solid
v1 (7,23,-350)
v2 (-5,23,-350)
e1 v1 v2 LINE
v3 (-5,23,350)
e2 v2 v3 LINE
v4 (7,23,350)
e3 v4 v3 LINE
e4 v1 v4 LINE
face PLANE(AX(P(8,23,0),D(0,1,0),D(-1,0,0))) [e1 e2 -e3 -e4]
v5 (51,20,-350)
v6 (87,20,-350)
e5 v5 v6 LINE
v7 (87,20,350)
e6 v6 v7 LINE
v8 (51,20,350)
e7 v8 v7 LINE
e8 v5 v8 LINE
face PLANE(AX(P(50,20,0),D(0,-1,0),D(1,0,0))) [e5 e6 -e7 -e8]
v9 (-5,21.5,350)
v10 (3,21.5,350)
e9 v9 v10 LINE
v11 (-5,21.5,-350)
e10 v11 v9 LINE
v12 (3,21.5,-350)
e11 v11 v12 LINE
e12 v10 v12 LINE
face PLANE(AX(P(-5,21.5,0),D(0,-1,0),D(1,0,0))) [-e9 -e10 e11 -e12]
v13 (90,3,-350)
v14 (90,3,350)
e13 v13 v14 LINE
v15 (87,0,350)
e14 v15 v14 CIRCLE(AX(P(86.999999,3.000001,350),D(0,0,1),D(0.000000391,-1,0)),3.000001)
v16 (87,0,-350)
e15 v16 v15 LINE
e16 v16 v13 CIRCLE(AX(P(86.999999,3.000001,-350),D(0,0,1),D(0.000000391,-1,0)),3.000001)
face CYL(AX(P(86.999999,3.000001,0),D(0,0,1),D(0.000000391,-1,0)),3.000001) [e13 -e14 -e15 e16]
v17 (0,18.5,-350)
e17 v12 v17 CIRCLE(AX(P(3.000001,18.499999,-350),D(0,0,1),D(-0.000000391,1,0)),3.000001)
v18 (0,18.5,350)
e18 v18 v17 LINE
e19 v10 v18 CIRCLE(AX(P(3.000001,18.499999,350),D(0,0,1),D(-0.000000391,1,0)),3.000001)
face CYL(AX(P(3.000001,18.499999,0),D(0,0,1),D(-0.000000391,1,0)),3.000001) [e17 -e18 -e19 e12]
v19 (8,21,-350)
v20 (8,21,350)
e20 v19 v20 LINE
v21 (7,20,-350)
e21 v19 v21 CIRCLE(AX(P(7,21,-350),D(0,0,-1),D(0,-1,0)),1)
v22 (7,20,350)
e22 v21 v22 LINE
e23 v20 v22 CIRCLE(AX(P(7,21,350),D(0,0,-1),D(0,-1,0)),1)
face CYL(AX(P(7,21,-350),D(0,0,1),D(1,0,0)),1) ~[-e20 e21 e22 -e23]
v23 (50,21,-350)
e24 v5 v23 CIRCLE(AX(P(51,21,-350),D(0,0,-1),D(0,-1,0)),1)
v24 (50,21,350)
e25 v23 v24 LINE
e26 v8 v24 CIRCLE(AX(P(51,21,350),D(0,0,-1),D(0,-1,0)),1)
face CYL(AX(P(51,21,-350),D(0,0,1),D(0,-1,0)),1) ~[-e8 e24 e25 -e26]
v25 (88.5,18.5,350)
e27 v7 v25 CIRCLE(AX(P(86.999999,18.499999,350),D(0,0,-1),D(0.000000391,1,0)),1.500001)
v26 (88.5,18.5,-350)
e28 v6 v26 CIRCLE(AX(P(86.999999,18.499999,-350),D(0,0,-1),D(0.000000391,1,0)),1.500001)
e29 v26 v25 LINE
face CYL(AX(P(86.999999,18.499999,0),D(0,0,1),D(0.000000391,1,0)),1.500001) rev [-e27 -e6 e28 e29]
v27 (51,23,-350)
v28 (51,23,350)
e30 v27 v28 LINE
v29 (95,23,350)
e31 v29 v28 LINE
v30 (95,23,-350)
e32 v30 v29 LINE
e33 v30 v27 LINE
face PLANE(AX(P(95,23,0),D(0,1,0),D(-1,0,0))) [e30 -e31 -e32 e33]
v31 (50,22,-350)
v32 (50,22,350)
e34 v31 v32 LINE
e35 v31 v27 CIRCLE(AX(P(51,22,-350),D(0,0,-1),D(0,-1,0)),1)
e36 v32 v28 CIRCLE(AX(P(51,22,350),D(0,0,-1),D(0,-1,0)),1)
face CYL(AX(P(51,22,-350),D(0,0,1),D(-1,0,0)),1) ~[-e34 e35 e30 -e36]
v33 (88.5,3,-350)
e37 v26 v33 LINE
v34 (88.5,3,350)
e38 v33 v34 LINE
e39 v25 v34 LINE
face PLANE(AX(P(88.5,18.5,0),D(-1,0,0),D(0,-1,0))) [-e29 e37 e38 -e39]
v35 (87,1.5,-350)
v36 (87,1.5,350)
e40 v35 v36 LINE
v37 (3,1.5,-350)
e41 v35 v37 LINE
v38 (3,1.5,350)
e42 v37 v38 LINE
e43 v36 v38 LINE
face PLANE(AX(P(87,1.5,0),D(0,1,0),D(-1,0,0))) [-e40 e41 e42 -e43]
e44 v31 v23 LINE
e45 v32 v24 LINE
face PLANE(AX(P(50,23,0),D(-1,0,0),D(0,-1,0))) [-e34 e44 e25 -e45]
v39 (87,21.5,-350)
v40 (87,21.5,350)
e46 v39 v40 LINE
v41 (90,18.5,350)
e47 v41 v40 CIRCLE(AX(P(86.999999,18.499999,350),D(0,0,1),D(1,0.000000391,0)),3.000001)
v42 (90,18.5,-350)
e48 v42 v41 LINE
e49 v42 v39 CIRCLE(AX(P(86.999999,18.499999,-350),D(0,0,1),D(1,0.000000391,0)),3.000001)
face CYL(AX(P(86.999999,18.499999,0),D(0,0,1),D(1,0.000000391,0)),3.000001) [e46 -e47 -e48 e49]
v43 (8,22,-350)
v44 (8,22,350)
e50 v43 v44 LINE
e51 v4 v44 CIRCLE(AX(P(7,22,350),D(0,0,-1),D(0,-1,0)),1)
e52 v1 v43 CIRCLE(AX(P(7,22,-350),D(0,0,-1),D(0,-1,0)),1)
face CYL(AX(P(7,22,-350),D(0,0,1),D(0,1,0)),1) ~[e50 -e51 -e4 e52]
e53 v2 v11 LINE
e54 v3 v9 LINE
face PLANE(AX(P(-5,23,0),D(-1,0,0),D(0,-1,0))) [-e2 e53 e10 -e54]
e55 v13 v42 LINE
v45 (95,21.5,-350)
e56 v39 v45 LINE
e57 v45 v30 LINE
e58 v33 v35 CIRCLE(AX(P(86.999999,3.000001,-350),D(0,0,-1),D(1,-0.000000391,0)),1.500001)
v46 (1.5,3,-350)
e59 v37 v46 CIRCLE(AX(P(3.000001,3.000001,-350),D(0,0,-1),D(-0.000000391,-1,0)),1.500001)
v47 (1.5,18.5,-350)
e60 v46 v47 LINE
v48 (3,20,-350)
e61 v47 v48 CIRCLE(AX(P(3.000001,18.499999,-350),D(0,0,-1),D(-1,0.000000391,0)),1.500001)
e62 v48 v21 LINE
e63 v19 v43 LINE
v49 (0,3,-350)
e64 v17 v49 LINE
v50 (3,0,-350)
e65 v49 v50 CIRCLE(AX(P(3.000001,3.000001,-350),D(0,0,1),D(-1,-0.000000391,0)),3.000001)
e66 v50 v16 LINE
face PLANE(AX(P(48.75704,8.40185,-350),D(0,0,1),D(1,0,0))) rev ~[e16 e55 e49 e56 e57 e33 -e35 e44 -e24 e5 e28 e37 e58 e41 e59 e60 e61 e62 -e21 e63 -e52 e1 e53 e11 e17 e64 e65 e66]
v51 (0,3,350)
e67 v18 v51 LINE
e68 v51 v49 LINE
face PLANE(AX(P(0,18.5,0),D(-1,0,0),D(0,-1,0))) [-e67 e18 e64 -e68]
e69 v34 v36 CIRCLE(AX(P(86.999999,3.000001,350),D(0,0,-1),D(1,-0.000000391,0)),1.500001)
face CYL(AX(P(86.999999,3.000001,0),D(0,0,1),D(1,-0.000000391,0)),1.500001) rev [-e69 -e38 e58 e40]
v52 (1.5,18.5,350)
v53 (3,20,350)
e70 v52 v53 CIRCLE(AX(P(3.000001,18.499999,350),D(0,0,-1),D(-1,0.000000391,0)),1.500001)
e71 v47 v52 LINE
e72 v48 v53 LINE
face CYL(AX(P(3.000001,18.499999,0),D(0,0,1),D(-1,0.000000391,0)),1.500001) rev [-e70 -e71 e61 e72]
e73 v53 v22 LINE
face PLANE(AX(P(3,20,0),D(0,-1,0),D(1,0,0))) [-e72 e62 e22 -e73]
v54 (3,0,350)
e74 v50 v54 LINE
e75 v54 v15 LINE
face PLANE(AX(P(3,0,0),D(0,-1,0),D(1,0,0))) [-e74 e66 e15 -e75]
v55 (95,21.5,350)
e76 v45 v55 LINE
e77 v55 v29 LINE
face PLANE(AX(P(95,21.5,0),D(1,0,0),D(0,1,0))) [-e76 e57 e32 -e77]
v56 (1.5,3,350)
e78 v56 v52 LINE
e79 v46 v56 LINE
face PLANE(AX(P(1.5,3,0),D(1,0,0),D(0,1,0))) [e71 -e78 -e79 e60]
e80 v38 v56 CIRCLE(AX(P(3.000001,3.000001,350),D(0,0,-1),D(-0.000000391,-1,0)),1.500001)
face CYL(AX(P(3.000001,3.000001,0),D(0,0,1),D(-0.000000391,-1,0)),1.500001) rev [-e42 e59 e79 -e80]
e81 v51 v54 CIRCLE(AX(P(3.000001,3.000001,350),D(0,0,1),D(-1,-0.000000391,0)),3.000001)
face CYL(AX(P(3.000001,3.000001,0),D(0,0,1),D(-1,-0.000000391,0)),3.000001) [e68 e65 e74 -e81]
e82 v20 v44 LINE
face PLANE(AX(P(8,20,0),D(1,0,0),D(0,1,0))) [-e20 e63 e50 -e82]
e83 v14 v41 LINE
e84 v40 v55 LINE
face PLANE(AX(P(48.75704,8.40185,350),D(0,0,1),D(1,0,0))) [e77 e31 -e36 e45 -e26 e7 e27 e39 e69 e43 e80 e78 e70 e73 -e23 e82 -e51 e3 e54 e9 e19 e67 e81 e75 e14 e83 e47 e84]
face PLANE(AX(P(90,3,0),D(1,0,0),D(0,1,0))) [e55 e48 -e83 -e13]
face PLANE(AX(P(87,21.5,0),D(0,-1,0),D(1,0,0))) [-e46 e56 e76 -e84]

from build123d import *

# Parameters (mm, degrees)
F1_DEPTH = 350
F2_R     = 1


with BuildPart() as f1:
    # F0 (on Top) → F1 (new body, symmetric)
    with BuildSketch(Plane.XY):
        with BuildLine():
            ThreePointArc((0, 3), (0.87868, 0.87868), (3, 0))
            Line((3, 0), (87, 0))
            ThreePointArc((87, 0), (89.12132, 0.87868), (90, 3))
            Line((90, 3), (90, 18.5))
            ThreePointArc((90, 18.5), (89.12132, 20.62132), (87, 21.5))
            Line((87, 21.5), (50, 21.5))
            Line((50, 21.5), (50, 20))
            Line((50, 20), (87, 20))
            ThreePointArc((87, 20), (88.06066, 19.56066), (88.5, 18.5))
            Line((88.5, 18.5), (88.5, 3))
            ThreePointArc((88.5, 3), (88.06066, 1.93934), (87, 1.5))
            Line((87, 1.5), (3, 1.5))
            ThreePointArc((3, 1.5), (1.93934, 1.93934), (1.5, 3))
            Line((1.5, 3), (1.5, 18.5))
            ThreePointArc((1.5, 18.5), (1.93934, 19.56066), (3, 20))
            Line((3, 20), (8, 20))
            Line((8, 20), (8, 21.5))
            Line((8, 21.5), (3, 21.5))
            ThreePointArc((3, 21.5), (0.87868, 20.62132), (0, 18.5))
            Line((0, 18.5), (0, 3))
        make_face()
        Polygon((1.5, 21.5), (3, 21.5), (8, 21.5), (8, 23), (-5, 23), (-5, 21.5), (0, 21.5), align=None)
        Polygon((50, 21.5), (87, 21.5), (88.5, 21.5), (90, 21.5), (95, 21.5), (95, 23), (50, 23), align=None)
    extrude(amount=F1_DEPTH, both=True)

    # F2
    f2_edges = [f1.edges().sort_by_distance(p)[0] for p in [
        (50, 23, 0),
        (50, 20, 0),
        (8, 23, 0),
        (8, 20, 0),
    ]]
    fillet(f2_edges, radius=F2_R)


solid = f1.part
